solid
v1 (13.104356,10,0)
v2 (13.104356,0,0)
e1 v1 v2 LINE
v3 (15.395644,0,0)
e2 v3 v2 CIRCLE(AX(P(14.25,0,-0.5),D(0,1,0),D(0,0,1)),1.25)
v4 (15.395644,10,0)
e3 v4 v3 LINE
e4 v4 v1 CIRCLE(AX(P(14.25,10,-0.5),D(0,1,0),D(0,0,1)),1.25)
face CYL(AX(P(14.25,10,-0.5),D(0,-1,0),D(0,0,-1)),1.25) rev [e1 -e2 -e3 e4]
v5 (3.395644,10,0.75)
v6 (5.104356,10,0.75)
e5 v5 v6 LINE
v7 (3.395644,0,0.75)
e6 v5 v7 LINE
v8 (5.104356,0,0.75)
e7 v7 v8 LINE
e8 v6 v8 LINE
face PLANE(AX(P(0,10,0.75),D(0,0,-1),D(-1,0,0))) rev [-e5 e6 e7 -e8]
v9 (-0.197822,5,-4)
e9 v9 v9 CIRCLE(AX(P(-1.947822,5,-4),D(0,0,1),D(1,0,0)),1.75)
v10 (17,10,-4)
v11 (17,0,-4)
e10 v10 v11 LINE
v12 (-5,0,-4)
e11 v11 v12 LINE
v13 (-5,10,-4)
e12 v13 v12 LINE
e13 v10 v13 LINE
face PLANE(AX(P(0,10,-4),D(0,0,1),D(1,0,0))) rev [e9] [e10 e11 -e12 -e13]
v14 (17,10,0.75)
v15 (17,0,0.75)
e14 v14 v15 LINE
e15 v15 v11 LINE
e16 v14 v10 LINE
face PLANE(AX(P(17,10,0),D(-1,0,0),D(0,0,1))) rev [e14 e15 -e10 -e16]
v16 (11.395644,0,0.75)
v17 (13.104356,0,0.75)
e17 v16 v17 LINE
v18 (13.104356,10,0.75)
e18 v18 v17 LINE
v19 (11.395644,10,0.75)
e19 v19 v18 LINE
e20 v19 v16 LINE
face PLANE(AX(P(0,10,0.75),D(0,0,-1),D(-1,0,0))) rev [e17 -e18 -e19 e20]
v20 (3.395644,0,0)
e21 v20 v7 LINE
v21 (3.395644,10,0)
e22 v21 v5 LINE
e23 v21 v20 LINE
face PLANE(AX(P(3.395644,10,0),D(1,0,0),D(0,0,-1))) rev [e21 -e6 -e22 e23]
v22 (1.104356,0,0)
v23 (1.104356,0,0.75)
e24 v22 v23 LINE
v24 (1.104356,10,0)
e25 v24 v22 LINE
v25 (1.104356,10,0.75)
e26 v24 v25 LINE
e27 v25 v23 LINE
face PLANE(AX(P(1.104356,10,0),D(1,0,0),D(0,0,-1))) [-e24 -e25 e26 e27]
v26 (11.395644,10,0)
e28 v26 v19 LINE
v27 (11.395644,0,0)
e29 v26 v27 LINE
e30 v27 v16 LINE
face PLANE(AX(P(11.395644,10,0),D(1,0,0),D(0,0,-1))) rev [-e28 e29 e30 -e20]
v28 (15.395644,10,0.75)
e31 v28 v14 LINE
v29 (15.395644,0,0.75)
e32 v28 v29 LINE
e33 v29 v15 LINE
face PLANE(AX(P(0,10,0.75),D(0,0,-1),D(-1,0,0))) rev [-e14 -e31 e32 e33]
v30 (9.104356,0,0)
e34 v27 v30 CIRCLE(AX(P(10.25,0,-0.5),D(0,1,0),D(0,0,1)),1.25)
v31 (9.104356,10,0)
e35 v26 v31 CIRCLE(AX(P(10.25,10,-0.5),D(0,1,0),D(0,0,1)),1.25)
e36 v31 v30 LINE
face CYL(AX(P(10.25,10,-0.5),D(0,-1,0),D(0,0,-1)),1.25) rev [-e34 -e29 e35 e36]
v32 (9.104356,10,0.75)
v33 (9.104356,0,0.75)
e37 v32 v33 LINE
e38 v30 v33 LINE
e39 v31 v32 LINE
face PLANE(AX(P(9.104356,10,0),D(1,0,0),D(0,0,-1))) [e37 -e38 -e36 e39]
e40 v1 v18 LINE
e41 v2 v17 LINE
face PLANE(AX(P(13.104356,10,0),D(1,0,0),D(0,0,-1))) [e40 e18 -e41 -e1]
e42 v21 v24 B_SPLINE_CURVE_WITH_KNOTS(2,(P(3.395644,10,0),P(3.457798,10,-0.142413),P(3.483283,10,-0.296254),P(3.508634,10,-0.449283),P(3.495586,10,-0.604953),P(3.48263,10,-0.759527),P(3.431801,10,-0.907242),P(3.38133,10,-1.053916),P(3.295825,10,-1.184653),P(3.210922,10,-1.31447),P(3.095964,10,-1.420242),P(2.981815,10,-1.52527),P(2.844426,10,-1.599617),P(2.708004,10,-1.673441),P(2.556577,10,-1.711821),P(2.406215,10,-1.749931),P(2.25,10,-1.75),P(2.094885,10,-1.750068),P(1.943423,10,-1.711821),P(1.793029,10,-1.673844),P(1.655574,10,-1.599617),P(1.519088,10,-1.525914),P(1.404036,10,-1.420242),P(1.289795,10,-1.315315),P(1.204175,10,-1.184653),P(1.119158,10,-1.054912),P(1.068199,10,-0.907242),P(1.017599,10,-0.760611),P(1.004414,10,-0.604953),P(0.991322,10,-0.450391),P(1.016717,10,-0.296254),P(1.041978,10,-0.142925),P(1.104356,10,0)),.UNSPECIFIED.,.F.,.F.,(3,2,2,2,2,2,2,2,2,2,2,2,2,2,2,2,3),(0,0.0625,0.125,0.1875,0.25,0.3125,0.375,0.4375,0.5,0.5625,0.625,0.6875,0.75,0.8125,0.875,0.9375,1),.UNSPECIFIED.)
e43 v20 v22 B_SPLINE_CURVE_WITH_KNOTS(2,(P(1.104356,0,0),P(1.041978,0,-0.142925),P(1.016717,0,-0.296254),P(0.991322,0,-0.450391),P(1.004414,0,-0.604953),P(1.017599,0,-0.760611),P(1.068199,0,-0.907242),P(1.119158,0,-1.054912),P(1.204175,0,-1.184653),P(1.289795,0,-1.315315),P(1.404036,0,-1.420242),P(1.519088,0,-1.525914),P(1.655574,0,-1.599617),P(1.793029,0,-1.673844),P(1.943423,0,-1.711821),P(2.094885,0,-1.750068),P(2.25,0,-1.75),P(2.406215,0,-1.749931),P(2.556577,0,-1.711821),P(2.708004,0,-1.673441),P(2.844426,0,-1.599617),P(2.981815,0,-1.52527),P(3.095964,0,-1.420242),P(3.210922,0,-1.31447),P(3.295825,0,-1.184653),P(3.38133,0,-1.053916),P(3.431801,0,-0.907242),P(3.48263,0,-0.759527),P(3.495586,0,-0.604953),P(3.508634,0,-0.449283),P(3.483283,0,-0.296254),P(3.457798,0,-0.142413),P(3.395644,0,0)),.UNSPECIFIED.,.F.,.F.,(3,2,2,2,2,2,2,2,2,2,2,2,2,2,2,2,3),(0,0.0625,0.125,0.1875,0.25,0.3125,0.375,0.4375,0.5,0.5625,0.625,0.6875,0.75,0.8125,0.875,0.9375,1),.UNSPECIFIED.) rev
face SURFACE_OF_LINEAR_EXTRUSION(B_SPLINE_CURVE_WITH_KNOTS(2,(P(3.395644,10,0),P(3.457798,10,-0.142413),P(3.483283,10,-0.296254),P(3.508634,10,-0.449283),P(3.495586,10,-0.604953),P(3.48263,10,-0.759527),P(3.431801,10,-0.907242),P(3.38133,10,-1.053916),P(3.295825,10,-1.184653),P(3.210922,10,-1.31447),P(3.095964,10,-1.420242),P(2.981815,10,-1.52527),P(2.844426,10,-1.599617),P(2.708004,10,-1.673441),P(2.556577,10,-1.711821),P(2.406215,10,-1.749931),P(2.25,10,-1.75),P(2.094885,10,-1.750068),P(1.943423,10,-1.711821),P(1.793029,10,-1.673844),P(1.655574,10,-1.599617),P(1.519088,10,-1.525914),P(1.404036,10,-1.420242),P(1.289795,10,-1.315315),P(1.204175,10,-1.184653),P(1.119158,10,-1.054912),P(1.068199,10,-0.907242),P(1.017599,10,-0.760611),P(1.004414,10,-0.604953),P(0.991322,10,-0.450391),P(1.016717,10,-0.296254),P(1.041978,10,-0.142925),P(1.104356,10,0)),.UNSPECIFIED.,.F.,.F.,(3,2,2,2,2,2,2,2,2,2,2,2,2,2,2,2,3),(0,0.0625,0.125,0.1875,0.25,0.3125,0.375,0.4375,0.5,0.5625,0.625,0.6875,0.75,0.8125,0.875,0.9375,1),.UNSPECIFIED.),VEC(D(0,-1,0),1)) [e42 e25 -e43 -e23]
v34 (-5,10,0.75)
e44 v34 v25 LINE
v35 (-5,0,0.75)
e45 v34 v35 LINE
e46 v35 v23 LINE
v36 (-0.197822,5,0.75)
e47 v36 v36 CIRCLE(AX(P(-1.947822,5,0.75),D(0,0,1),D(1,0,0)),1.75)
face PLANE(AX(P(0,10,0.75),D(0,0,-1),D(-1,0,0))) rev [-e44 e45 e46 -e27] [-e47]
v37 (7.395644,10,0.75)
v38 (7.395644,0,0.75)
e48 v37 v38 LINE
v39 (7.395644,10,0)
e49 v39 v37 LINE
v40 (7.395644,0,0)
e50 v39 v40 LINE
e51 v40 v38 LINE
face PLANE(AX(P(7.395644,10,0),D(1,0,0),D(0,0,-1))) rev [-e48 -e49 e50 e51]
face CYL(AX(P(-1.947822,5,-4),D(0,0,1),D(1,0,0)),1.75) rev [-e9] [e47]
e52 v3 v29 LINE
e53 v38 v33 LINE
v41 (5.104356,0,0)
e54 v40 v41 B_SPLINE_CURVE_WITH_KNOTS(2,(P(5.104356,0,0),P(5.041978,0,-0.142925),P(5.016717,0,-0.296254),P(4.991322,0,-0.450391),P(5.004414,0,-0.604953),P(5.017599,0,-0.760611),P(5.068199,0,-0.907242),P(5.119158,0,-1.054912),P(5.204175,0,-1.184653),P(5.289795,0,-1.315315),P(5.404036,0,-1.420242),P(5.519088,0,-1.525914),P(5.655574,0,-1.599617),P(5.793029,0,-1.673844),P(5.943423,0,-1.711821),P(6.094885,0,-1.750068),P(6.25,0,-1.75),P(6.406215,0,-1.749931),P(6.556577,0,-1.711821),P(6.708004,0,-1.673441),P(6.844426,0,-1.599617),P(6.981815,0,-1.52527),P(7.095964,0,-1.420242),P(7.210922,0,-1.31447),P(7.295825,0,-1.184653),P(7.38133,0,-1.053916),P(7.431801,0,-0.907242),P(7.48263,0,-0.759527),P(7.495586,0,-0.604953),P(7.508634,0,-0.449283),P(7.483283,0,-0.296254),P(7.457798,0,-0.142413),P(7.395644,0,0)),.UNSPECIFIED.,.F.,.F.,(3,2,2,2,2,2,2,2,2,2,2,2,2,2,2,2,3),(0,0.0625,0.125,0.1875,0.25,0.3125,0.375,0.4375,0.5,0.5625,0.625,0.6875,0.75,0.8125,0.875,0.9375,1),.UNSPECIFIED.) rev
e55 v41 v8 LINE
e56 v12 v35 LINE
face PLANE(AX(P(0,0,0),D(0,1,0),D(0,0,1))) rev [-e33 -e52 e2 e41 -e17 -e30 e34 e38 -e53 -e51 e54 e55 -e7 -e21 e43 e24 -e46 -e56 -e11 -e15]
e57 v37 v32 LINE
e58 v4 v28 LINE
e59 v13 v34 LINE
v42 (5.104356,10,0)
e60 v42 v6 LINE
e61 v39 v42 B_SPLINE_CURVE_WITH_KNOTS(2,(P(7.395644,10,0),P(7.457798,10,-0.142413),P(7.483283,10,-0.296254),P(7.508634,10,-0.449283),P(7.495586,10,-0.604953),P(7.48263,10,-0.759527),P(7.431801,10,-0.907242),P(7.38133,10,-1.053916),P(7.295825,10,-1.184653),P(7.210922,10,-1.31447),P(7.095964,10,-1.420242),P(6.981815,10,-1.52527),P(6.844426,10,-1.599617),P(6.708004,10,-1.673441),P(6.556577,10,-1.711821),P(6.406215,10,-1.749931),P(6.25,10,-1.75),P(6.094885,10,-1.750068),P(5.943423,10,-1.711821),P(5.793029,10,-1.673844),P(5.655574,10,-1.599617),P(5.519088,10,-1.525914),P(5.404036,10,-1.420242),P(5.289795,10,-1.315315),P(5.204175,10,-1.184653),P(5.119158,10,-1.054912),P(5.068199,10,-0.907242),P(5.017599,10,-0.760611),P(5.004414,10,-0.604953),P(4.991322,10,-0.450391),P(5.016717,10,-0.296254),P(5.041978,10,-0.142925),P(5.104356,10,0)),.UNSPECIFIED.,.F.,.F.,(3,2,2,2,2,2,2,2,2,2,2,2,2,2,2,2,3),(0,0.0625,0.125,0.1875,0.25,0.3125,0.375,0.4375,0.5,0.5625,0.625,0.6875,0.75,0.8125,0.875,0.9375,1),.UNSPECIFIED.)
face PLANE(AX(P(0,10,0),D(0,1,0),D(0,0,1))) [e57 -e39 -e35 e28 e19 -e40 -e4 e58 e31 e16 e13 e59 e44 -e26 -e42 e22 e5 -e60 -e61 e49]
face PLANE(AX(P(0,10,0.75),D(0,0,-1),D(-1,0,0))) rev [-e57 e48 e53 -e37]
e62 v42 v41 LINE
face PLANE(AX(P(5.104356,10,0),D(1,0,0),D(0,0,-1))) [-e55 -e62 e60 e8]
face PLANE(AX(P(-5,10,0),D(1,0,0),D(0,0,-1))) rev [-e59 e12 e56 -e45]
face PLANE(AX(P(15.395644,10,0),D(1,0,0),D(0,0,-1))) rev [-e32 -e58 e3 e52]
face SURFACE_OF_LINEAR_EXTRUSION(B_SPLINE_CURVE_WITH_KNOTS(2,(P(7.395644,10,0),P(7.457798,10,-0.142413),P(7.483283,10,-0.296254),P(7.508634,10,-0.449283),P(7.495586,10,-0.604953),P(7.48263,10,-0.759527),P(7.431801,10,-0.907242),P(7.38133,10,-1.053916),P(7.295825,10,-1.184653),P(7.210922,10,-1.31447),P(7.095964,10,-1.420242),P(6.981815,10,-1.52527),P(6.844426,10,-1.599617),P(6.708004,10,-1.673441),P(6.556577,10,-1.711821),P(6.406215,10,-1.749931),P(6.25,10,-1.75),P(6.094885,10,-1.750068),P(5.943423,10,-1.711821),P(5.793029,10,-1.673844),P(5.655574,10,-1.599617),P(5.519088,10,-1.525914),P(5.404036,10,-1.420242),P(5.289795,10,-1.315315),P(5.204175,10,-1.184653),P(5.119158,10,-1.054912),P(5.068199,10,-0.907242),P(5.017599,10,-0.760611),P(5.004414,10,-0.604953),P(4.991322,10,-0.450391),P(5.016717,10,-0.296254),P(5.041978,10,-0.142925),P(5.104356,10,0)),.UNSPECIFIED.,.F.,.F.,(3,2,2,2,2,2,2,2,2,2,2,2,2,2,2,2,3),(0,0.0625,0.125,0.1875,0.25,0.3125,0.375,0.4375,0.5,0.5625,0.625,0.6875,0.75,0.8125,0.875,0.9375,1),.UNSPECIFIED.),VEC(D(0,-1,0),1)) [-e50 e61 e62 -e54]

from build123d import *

# Parameters (mm, degrees)
BOSS_EXTRUDE1_DEPTH = 10
SKETCH4_R           = 1.75
CUT_EXTRUDE2_DEPTH  = 21.287003229


with BuildPart() as part:
    # Sketch1 → Boss-Extrude1 (new body)
    with BuildSketch(Plane(origin=(0, 0, 0), x_dir=(1, 0, 0), z_dir=(0, 1, 0))):
        with BuildLine():
            Line((17, 4), (-5, 4))
            Line((-5, 4), (-5, -0.75))
            Line((-5, -0.75), (1.104356076, -0.75))
            Line((1.104356076, -0.75), (1.104356076, 0))
            ThreePointArc((1.104356076, 0), (2.25, 1.75), (3.395643924, 0))
            Line((3.395643924, 0), (3.395643924, -0.75))
            Line((3.395643924, -0.75), (5.104356076, -0.75))
            Line((5.104356076, -0.75), (5.104356076, 0))
            ThreePointArc((5.104356076, 0), (6.25, 1.75), (7.395643924, 0))
            Line((7.395643924, 0), (7.395643924, -0.75))
            Line((7.395643924, -0.75), (9.104356076, -0.75))
            Line((9.104356076, -0.75), (9.104356076, 0))
            ThreePointArc((9.104356076, 0), (10.25, 1.75), (11.395643924, 0))
            Line((11.395643924, 0), (11.395643924, -0.75))
            Line((11.395643924, -0.75), (13.104356076, -0.75))
            Line((13.104356076, -0.75), (13.104356076, 0))
            ThreePointArc((13.104356076, 0), (14.25, 1.75), (15.395643924, 0))
            Line((15.395643924, 0), (15.395643924, -0.75))
            Line((15.395643924, -0.75), (17, -0.75))
            Line((17, -0.75), (17, 4))
        make_face()
    extrude(amount=BOSS_EXTRUDE1_DEPTH)

    # Sketch4 → Cut-Extrude2 (cut, through all)
    with BuildSketch(Plane.XY.offset(0.75)):
        with Locations((-1.947821962, 5)):
            Circle(SKETCH4_R)
    extrude(amount=-CUT_EXTRUDE2_DEPTH, mode=Mode.SUBTRACT)


solid = part.part
